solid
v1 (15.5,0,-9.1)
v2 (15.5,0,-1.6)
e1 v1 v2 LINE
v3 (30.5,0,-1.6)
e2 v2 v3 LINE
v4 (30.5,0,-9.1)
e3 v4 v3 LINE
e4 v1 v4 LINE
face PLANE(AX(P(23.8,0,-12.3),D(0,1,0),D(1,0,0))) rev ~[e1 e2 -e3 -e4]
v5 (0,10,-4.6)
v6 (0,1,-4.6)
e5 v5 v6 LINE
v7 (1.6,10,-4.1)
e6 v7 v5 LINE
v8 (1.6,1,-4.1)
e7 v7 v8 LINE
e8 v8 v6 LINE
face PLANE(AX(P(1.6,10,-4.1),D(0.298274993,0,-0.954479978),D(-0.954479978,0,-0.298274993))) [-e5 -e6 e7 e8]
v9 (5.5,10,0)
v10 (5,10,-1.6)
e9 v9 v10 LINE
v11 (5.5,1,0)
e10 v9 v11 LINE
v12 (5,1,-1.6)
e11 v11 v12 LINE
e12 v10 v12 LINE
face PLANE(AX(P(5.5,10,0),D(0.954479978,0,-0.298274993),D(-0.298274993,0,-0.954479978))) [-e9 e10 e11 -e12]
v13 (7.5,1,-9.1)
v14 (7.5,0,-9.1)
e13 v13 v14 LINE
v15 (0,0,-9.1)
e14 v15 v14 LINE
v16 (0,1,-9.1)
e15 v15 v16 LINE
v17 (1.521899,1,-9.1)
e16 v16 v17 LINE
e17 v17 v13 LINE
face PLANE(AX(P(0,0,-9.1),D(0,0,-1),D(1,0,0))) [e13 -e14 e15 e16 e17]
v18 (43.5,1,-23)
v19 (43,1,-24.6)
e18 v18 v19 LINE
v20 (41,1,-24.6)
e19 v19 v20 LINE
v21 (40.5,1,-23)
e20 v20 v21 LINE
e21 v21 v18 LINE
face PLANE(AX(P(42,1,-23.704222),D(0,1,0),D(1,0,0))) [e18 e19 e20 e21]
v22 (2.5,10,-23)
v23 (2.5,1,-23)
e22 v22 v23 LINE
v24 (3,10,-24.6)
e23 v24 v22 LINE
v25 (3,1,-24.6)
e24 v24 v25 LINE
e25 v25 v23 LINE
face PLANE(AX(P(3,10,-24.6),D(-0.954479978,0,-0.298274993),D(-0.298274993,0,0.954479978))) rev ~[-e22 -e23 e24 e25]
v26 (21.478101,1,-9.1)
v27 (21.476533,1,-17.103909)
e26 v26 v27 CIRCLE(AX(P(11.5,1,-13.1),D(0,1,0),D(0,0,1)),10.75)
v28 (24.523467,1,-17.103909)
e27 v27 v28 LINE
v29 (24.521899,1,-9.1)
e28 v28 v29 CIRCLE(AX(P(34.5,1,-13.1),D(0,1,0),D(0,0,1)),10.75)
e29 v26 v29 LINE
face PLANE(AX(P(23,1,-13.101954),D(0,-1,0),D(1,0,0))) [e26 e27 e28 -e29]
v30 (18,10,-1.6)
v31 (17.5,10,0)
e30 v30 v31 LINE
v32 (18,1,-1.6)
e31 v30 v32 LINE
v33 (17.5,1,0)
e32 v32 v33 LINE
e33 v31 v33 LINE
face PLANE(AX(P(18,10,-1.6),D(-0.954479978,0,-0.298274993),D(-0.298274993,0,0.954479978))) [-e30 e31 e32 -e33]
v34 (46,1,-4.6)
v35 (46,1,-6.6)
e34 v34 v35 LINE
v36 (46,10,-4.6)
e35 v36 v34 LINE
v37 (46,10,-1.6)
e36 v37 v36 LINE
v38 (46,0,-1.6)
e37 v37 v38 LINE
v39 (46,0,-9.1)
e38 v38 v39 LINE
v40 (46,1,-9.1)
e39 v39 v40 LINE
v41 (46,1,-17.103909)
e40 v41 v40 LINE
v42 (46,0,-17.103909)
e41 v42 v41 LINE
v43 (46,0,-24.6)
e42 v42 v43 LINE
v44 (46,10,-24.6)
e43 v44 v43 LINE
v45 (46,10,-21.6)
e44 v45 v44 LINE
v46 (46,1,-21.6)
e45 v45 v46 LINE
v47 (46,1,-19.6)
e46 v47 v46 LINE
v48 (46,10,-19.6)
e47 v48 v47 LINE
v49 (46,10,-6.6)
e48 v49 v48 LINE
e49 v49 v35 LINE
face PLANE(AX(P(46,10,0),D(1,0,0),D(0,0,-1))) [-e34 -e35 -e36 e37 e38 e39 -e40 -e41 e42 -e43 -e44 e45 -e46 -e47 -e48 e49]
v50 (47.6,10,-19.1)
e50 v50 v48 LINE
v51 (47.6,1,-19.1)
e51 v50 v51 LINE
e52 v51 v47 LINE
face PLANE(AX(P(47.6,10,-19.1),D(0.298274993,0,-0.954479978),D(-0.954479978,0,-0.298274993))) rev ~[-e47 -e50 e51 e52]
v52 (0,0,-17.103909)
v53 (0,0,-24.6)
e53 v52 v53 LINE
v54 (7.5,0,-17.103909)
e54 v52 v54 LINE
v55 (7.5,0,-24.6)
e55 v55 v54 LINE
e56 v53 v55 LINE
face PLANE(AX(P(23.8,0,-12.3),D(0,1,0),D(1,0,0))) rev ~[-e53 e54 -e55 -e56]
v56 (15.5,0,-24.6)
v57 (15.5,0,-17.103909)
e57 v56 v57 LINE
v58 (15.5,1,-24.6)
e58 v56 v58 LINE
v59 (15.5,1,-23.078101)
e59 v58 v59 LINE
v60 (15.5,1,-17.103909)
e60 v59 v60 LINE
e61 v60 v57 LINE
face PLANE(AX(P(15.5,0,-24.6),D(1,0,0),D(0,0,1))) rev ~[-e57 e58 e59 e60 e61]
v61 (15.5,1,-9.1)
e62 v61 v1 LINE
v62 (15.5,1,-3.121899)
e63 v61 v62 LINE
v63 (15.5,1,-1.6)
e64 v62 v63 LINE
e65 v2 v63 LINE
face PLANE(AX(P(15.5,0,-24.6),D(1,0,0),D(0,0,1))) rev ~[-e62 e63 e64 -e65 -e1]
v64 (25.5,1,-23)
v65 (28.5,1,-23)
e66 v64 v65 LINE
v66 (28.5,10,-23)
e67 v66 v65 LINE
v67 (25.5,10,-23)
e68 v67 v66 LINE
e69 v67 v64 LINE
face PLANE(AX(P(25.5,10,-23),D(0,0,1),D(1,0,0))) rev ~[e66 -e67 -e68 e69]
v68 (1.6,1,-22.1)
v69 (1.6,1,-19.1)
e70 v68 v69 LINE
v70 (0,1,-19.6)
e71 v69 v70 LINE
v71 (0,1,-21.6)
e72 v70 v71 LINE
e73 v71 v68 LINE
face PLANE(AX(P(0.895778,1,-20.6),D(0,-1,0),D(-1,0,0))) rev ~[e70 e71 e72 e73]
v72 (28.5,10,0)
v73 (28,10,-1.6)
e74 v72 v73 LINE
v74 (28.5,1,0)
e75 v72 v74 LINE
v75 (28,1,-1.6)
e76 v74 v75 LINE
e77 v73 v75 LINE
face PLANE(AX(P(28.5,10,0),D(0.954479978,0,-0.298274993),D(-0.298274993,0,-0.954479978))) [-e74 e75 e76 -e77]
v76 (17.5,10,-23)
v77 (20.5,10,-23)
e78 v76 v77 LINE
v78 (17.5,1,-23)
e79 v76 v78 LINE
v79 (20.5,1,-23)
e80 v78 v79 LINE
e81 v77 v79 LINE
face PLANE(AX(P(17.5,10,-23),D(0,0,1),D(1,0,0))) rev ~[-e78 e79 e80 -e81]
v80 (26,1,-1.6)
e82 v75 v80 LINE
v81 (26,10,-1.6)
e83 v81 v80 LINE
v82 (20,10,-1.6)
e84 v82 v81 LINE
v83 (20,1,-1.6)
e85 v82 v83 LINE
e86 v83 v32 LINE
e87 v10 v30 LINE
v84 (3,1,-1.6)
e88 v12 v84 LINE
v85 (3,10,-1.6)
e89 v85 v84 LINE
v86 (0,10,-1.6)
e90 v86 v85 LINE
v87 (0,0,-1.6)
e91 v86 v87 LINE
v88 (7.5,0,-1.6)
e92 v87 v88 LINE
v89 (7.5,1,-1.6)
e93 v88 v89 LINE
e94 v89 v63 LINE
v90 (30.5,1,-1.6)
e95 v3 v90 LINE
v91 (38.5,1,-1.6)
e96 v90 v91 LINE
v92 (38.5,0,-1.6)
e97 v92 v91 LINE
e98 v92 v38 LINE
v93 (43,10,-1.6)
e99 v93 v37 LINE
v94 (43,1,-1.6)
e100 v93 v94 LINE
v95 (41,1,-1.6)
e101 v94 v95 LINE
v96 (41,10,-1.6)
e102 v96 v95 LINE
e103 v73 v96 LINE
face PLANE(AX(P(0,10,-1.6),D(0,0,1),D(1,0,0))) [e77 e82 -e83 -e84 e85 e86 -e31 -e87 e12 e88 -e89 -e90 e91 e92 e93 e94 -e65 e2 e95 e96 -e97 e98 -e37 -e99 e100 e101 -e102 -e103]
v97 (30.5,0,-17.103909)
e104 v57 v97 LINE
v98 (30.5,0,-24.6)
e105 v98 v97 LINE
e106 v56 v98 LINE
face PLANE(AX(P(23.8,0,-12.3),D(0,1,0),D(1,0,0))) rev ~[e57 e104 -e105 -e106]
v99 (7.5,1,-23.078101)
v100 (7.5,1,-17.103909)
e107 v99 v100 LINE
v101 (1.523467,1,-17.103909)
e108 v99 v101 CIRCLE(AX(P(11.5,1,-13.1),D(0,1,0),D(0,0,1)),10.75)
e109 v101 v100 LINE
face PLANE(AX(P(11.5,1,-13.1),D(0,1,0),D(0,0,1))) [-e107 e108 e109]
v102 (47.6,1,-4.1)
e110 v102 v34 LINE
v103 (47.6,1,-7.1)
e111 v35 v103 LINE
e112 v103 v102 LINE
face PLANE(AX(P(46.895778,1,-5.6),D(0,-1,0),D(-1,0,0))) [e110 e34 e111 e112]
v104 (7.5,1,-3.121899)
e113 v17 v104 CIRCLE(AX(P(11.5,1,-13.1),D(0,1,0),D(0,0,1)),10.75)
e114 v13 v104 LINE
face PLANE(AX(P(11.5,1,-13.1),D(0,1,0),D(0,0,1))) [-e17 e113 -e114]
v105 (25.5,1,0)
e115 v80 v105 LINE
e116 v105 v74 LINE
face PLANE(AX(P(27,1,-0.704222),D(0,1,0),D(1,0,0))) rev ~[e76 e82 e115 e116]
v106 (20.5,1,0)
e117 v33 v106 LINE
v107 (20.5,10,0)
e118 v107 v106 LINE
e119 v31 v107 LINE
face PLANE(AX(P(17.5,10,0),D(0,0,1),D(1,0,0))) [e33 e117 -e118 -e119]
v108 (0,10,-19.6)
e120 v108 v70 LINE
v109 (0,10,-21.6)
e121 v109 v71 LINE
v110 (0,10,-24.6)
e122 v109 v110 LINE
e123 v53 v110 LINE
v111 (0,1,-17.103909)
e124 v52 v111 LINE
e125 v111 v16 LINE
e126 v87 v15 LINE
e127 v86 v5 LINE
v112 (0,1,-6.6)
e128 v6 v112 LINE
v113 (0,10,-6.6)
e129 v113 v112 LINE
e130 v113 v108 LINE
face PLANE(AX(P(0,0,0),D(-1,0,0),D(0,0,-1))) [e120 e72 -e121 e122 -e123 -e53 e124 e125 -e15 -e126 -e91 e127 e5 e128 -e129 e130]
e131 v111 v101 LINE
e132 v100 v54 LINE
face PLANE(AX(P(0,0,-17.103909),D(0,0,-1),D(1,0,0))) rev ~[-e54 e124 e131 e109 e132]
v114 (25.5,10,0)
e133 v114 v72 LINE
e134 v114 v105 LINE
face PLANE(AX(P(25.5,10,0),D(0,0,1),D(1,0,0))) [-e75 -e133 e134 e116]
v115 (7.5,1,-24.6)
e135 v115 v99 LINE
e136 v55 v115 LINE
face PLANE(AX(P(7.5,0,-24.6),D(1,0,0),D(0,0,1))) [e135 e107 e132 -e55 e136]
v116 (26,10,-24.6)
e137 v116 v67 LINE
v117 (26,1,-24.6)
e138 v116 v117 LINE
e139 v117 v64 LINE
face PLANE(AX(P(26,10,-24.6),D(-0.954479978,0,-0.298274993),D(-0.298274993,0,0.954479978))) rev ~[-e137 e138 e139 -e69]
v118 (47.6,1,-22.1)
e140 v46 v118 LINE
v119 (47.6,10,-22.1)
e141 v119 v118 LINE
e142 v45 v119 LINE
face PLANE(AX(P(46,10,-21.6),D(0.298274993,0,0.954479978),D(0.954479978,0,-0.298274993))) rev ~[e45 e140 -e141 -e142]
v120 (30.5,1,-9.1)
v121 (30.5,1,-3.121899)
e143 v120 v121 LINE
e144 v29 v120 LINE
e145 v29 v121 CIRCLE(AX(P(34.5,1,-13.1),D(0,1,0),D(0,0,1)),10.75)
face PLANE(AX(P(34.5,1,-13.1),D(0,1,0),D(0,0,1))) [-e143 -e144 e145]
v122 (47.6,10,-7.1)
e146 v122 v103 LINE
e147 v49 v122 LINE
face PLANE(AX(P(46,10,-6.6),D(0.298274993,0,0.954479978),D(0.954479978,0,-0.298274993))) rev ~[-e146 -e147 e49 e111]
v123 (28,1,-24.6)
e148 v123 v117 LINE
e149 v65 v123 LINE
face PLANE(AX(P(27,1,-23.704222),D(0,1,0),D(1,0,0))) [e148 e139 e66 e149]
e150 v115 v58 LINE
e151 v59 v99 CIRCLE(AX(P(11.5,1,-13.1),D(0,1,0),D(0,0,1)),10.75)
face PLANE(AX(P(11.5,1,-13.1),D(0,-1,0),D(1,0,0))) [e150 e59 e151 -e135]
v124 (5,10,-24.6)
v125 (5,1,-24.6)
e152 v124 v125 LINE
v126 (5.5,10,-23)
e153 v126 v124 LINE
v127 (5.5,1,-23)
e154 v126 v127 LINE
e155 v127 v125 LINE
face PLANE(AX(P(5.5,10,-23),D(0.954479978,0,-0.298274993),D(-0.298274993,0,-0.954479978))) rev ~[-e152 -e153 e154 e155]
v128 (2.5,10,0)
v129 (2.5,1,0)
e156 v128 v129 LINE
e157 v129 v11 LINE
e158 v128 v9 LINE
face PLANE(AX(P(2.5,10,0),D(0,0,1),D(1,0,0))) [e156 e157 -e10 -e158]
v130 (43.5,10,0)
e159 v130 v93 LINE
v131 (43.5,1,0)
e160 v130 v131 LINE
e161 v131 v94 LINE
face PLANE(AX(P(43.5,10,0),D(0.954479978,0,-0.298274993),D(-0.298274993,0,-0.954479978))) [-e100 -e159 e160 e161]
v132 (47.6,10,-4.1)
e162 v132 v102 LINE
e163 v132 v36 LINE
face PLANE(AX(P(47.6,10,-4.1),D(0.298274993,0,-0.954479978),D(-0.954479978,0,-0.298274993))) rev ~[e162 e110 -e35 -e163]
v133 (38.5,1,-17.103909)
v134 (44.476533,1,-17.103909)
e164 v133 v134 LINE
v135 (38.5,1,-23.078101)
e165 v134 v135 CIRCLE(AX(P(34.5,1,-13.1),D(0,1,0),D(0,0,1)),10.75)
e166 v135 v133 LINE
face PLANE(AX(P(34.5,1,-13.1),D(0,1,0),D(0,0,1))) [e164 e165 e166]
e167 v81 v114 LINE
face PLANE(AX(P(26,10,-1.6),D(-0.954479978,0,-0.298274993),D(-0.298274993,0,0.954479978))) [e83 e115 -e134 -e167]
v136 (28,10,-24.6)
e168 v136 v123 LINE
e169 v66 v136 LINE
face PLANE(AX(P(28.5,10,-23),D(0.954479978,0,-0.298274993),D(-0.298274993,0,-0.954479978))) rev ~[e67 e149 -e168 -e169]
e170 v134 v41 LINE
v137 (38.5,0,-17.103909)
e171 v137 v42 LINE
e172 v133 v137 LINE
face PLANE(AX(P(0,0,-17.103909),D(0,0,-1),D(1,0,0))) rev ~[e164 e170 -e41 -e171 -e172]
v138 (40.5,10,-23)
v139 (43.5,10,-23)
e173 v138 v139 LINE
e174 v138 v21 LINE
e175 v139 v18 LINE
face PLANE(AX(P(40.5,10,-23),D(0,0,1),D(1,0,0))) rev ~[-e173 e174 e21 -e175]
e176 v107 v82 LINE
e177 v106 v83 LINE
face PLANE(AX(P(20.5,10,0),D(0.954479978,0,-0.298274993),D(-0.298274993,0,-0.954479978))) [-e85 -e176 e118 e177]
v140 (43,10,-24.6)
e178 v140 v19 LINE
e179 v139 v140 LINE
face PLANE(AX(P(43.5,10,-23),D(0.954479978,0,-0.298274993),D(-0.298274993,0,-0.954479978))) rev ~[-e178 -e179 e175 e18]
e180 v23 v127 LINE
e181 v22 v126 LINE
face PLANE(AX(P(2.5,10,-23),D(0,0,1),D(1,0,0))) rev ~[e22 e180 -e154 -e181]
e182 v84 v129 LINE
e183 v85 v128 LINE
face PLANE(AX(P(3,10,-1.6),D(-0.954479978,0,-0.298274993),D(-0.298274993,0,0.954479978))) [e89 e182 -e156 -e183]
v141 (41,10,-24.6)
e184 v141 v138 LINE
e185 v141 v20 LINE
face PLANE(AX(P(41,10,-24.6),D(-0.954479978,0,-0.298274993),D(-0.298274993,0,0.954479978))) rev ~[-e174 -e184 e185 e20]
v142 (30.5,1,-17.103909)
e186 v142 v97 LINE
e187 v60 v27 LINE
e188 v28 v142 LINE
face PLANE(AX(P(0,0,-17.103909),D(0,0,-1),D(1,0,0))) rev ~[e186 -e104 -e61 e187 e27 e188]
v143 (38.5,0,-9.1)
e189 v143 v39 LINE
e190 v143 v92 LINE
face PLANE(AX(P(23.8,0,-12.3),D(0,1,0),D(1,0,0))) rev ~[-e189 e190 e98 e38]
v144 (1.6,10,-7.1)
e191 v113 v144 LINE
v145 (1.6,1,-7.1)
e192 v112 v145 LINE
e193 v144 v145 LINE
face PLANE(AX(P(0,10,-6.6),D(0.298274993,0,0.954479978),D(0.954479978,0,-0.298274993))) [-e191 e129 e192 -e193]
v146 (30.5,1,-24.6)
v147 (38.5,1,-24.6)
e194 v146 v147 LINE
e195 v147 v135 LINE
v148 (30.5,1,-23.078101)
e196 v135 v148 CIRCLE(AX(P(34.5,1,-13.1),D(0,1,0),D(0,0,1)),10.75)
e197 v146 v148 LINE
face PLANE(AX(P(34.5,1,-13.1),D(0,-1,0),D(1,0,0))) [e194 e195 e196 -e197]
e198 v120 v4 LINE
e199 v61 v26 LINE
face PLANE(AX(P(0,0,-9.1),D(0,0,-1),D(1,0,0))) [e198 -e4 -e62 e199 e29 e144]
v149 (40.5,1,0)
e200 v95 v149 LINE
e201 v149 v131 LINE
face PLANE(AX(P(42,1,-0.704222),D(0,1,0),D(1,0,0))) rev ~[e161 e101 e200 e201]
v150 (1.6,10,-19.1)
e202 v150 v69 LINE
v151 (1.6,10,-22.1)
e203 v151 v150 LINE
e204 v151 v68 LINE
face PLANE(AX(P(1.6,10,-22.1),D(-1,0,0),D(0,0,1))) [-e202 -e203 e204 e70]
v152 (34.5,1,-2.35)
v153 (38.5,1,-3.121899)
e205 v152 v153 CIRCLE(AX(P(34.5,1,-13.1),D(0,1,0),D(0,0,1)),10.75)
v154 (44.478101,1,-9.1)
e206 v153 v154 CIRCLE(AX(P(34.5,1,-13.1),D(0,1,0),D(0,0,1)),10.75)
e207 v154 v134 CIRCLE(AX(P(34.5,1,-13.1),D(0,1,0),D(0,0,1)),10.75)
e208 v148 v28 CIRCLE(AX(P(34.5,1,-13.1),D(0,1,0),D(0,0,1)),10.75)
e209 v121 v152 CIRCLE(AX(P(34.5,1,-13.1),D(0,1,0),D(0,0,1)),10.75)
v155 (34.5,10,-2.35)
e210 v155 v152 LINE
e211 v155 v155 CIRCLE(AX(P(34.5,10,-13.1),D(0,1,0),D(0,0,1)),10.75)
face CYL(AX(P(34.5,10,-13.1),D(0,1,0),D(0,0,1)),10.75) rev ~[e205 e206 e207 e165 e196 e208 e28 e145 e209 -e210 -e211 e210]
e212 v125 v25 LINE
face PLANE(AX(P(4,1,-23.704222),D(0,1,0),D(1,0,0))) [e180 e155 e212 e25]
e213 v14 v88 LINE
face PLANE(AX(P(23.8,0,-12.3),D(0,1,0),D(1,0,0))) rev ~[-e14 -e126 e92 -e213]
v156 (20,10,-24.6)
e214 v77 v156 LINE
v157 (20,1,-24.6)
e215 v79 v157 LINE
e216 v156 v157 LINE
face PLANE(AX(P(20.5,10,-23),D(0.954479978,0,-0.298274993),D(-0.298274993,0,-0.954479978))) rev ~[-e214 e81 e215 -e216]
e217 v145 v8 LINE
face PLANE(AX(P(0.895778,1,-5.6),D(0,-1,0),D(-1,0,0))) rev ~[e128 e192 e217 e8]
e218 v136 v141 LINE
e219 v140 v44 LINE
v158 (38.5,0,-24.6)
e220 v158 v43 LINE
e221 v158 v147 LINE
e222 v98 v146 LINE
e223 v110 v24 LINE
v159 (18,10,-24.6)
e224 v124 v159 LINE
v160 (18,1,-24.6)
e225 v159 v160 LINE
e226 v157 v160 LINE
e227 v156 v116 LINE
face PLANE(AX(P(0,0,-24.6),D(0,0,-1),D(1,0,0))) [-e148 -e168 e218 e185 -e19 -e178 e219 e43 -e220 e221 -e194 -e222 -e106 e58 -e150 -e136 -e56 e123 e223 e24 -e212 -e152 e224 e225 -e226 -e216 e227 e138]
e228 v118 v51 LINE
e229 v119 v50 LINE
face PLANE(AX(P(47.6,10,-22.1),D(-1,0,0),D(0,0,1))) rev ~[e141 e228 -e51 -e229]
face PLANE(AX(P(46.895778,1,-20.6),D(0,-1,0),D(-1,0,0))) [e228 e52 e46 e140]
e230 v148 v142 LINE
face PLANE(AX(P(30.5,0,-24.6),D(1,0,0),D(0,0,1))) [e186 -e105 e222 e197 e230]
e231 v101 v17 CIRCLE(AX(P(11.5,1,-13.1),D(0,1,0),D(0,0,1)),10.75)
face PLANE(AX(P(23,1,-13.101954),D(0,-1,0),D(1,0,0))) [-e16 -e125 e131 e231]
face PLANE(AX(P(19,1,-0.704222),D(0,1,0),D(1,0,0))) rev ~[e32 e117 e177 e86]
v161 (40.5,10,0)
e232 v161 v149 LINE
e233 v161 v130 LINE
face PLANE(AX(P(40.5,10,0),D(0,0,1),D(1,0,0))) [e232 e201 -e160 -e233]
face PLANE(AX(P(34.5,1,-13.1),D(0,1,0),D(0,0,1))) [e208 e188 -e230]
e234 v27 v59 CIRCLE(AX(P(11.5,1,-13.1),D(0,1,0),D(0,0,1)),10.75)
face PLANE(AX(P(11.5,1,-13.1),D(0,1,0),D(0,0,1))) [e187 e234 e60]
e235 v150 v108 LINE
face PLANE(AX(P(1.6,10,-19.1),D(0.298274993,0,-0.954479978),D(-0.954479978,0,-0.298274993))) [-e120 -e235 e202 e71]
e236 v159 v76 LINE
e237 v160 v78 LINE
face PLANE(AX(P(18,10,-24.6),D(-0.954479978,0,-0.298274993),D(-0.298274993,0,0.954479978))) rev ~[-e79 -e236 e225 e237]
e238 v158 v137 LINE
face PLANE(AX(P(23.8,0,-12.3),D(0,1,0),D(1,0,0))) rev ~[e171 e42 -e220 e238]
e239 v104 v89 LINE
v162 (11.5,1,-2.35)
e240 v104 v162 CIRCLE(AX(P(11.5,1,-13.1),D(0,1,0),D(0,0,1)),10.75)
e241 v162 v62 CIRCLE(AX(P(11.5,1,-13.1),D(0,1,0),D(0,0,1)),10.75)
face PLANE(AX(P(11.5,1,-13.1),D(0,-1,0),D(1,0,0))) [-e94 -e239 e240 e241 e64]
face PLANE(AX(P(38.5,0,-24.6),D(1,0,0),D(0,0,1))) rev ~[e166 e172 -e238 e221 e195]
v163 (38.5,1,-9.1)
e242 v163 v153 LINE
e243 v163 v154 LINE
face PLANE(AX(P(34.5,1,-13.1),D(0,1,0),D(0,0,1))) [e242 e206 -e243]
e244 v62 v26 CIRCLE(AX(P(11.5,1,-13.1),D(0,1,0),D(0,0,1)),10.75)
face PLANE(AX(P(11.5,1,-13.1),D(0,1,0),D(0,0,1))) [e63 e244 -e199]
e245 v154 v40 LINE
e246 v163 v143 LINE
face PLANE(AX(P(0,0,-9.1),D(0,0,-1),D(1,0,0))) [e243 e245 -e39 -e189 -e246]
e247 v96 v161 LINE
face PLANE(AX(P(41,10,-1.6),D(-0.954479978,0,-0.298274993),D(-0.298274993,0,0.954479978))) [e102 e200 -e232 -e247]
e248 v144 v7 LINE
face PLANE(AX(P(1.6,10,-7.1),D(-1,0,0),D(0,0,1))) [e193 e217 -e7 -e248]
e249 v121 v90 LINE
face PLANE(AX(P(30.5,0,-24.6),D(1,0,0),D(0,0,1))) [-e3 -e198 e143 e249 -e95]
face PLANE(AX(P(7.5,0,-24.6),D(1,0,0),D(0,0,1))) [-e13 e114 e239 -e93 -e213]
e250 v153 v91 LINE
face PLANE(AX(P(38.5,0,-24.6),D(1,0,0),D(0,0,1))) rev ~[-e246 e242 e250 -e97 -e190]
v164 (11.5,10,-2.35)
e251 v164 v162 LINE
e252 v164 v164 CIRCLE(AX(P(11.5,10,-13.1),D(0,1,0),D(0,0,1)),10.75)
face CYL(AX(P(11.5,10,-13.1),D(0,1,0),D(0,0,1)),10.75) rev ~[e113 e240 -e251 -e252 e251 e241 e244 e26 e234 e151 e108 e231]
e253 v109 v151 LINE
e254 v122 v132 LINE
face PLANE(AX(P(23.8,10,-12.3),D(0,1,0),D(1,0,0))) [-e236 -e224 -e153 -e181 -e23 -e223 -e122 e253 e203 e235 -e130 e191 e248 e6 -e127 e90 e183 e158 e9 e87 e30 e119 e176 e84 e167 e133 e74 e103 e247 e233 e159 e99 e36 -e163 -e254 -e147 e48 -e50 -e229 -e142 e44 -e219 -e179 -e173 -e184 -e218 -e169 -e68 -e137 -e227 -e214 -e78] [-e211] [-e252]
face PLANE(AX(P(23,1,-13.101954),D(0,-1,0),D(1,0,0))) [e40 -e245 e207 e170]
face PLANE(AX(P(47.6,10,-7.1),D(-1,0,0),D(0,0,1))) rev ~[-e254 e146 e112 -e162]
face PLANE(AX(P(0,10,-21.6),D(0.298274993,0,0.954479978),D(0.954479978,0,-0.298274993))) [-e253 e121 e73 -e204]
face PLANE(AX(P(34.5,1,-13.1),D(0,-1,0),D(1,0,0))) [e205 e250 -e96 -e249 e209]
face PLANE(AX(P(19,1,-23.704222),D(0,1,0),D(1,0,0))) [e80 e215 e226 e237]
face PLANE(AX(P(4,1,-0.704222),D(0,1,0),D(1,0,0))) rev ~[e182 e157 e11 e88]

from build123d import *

# Parameters (mm, degrees)
SKETCH1_W           = 47.6
SKETCH1_H           = 24.6
BOSS_EXTRUDE1_DEPTH = 10
SKETCH2_R           = 10.75
CUT_EXTRUDE1_DEPTH  = 9
CUT_EXTRUDE2_DEPTH  = 9
SKETCH5_W           = 1.6
SKETCH5_H           = 24.6
CUT_EXTRUDE3_DEPTH  = 10
SKETCH6_W           = 46
SKETCH6_H           = 1.6
CUT_EXTRUDE4_DEPTH  = 10
BOSS_EXTRUDE2_DEPTH = 9
SKETCH10_W          = 46
SKETCH10_H          = 8.003908937
CUT_EXTRUDE5_DEPTH  = 1
SKETCH11_W          = 8
SKETCH11_H          = 23
CUT_EXTRUDE6_DEPTH  = 1


with BuildPart() as part:
    # Sketch1 → Boss-Extrude1 (new body)
    with BuildSketch(Plane(origin=(0, 0, 0), x_dir=(1, 0, 0), z_dir=(0, 1, 0))):
        with Locations((23.8, 12.3)):
            Rectangle(SKETCH1_W, SKETCH1_H)
    extrude(amount=BOSS_EXTRUDE1_DEPTH)

    # Sketch2 → Cut-Extrude1 (cut)
    with BuildSketch(Plane(origin=(0, 10, 0), x_dir=(1, 0, 0), z_dir=(0, 1, 0))):
        with Locations(Location((11.5, 13.1, 0), (0, 0, 270))):
            Circle(SKETCH2_R)
        with Locations(Location((34.5, 13.1, 0), (0, 0, 270))):
            Circle(SKETCH2_R)
    extrude(amount=-CUT_EXTRUDE1_DEPTH, mode=Mode.SUBTRACT)

    # Sketch3 → Cut-Extrude2 (cut)
    with BuildSketch(Plane(origin=(0, 10, 0), x_dir=(1, 0, 0), z_dir=(0, 1, 0))):
        Polygon((3, 24.6), (2.5, 23), (5.5, 23), (5, 24.6), align=None)
        Polygon((18, 24.6), (17.5, 23), (20.5, 23), (20, 24.6), align=None)
        Polygon((26, 24.6), (25.5, 23), (28.5, 23), (28, 24.6), align=None)
        Polygon((41, 24.6), (40.5, 23), (43.5, 23), (43, 24.6), align=None)
        Polygon((0, 21.6), (1.6, 22.1), (1.6, 19.1), (0, 19.6), align=None)
        Polygon((0, 6.6), (1.6, 7.1), (1.6, 4.1), (0, 4.6), align=None)
    extrude(amount=-CUT_EXTRUDE2_DEPTH, mode=Mode.SUBTRACT)

    # Sketch5 → Cut-Extrude3 (cut)
    with BuildSketch(Plane(origin=(0, 10, 0), x_dir=(1, 0, 0), z_dir=(0, 1, 0))):
        with Locations((46.8, 12.3)):
            Rectangle(SKETCH5_W, SKETCH5_H)
    extrude(amount=-CUT_EXTRUDE3_DEPTH, mode=Mode.SUBTRACT)

    # Sketch6 → Cut-Extrude4 (cut)
    with BuildSketch(Plane(origin=(0, 10, 0), x_dir=(1, 0, 0), z_dir=(0, 1, 0))):
        with Locations((23, 0.8)):
            Rectangle(SKETCH6_W, SKETCH6_H)
    extrude(amount=-CUT_EXTRUDE4_DEPTH, mode=Mode.SUBTRACT)

    # Sketch7 → Boss-Extrude2 (add)
    with BuildSketch(Plane(origin=(0, 10, 0), x_dir=(1, 0, 0), z_dir=(0, 1, 0))):
        Polygon((46, 21.6), (47.6, 22.1), (47.6, 19.1), (46, 19.6), align=None)
        Polygon((46, 6.6), (47.6, 7.1), (47.6, 4.1), (46, 4.6), align=None)
        Polygon((3, 1.6), (2.5, 0), (5.5, 0), (5, 1.6), align=None)
        Polygon((18, 1.6), (17.5, 0), (20.5, 0), (20, 1.6), align=None)
        Polygon((26, 1.6), (25.5, 0), (28.5, 0), (28, 1.6), align=None)
        Polygon((41, 1.6), (40.5, 0), (43.5, 0), (43, 1.6), align=None)
    extrude(amount=-BOSS_EXTRUDE2_DEPTH)

    # Sketch10 → Cut-Extrude5 (cut)
    with BuildSketch(Plane.XZ):
        with Locations((23, -13.101954469)):
            Rectangle(SKETCH10_W, SKETCH10_H)
    extrude(amount=-CUT_EXTRUDE5_DEPTH, mode=Mode.SUBTRACT)

    # Sketch11 → Cut-Extrude6 (cut)
    with BuildSketch(Plane.XZ):
        with Locations((11.5, -13.1)):
            Rectangle(SKETCH11_W, SKETCH11_H)
        with Locations((34.5, -13.1)):
            Rectangle(SKETCH11_W, SKETCH11_H)
    extrude(amount=-CUT_EXTRUDE6_DEPTH, mode=Mode.SUBTRACT)


solid = part.part
